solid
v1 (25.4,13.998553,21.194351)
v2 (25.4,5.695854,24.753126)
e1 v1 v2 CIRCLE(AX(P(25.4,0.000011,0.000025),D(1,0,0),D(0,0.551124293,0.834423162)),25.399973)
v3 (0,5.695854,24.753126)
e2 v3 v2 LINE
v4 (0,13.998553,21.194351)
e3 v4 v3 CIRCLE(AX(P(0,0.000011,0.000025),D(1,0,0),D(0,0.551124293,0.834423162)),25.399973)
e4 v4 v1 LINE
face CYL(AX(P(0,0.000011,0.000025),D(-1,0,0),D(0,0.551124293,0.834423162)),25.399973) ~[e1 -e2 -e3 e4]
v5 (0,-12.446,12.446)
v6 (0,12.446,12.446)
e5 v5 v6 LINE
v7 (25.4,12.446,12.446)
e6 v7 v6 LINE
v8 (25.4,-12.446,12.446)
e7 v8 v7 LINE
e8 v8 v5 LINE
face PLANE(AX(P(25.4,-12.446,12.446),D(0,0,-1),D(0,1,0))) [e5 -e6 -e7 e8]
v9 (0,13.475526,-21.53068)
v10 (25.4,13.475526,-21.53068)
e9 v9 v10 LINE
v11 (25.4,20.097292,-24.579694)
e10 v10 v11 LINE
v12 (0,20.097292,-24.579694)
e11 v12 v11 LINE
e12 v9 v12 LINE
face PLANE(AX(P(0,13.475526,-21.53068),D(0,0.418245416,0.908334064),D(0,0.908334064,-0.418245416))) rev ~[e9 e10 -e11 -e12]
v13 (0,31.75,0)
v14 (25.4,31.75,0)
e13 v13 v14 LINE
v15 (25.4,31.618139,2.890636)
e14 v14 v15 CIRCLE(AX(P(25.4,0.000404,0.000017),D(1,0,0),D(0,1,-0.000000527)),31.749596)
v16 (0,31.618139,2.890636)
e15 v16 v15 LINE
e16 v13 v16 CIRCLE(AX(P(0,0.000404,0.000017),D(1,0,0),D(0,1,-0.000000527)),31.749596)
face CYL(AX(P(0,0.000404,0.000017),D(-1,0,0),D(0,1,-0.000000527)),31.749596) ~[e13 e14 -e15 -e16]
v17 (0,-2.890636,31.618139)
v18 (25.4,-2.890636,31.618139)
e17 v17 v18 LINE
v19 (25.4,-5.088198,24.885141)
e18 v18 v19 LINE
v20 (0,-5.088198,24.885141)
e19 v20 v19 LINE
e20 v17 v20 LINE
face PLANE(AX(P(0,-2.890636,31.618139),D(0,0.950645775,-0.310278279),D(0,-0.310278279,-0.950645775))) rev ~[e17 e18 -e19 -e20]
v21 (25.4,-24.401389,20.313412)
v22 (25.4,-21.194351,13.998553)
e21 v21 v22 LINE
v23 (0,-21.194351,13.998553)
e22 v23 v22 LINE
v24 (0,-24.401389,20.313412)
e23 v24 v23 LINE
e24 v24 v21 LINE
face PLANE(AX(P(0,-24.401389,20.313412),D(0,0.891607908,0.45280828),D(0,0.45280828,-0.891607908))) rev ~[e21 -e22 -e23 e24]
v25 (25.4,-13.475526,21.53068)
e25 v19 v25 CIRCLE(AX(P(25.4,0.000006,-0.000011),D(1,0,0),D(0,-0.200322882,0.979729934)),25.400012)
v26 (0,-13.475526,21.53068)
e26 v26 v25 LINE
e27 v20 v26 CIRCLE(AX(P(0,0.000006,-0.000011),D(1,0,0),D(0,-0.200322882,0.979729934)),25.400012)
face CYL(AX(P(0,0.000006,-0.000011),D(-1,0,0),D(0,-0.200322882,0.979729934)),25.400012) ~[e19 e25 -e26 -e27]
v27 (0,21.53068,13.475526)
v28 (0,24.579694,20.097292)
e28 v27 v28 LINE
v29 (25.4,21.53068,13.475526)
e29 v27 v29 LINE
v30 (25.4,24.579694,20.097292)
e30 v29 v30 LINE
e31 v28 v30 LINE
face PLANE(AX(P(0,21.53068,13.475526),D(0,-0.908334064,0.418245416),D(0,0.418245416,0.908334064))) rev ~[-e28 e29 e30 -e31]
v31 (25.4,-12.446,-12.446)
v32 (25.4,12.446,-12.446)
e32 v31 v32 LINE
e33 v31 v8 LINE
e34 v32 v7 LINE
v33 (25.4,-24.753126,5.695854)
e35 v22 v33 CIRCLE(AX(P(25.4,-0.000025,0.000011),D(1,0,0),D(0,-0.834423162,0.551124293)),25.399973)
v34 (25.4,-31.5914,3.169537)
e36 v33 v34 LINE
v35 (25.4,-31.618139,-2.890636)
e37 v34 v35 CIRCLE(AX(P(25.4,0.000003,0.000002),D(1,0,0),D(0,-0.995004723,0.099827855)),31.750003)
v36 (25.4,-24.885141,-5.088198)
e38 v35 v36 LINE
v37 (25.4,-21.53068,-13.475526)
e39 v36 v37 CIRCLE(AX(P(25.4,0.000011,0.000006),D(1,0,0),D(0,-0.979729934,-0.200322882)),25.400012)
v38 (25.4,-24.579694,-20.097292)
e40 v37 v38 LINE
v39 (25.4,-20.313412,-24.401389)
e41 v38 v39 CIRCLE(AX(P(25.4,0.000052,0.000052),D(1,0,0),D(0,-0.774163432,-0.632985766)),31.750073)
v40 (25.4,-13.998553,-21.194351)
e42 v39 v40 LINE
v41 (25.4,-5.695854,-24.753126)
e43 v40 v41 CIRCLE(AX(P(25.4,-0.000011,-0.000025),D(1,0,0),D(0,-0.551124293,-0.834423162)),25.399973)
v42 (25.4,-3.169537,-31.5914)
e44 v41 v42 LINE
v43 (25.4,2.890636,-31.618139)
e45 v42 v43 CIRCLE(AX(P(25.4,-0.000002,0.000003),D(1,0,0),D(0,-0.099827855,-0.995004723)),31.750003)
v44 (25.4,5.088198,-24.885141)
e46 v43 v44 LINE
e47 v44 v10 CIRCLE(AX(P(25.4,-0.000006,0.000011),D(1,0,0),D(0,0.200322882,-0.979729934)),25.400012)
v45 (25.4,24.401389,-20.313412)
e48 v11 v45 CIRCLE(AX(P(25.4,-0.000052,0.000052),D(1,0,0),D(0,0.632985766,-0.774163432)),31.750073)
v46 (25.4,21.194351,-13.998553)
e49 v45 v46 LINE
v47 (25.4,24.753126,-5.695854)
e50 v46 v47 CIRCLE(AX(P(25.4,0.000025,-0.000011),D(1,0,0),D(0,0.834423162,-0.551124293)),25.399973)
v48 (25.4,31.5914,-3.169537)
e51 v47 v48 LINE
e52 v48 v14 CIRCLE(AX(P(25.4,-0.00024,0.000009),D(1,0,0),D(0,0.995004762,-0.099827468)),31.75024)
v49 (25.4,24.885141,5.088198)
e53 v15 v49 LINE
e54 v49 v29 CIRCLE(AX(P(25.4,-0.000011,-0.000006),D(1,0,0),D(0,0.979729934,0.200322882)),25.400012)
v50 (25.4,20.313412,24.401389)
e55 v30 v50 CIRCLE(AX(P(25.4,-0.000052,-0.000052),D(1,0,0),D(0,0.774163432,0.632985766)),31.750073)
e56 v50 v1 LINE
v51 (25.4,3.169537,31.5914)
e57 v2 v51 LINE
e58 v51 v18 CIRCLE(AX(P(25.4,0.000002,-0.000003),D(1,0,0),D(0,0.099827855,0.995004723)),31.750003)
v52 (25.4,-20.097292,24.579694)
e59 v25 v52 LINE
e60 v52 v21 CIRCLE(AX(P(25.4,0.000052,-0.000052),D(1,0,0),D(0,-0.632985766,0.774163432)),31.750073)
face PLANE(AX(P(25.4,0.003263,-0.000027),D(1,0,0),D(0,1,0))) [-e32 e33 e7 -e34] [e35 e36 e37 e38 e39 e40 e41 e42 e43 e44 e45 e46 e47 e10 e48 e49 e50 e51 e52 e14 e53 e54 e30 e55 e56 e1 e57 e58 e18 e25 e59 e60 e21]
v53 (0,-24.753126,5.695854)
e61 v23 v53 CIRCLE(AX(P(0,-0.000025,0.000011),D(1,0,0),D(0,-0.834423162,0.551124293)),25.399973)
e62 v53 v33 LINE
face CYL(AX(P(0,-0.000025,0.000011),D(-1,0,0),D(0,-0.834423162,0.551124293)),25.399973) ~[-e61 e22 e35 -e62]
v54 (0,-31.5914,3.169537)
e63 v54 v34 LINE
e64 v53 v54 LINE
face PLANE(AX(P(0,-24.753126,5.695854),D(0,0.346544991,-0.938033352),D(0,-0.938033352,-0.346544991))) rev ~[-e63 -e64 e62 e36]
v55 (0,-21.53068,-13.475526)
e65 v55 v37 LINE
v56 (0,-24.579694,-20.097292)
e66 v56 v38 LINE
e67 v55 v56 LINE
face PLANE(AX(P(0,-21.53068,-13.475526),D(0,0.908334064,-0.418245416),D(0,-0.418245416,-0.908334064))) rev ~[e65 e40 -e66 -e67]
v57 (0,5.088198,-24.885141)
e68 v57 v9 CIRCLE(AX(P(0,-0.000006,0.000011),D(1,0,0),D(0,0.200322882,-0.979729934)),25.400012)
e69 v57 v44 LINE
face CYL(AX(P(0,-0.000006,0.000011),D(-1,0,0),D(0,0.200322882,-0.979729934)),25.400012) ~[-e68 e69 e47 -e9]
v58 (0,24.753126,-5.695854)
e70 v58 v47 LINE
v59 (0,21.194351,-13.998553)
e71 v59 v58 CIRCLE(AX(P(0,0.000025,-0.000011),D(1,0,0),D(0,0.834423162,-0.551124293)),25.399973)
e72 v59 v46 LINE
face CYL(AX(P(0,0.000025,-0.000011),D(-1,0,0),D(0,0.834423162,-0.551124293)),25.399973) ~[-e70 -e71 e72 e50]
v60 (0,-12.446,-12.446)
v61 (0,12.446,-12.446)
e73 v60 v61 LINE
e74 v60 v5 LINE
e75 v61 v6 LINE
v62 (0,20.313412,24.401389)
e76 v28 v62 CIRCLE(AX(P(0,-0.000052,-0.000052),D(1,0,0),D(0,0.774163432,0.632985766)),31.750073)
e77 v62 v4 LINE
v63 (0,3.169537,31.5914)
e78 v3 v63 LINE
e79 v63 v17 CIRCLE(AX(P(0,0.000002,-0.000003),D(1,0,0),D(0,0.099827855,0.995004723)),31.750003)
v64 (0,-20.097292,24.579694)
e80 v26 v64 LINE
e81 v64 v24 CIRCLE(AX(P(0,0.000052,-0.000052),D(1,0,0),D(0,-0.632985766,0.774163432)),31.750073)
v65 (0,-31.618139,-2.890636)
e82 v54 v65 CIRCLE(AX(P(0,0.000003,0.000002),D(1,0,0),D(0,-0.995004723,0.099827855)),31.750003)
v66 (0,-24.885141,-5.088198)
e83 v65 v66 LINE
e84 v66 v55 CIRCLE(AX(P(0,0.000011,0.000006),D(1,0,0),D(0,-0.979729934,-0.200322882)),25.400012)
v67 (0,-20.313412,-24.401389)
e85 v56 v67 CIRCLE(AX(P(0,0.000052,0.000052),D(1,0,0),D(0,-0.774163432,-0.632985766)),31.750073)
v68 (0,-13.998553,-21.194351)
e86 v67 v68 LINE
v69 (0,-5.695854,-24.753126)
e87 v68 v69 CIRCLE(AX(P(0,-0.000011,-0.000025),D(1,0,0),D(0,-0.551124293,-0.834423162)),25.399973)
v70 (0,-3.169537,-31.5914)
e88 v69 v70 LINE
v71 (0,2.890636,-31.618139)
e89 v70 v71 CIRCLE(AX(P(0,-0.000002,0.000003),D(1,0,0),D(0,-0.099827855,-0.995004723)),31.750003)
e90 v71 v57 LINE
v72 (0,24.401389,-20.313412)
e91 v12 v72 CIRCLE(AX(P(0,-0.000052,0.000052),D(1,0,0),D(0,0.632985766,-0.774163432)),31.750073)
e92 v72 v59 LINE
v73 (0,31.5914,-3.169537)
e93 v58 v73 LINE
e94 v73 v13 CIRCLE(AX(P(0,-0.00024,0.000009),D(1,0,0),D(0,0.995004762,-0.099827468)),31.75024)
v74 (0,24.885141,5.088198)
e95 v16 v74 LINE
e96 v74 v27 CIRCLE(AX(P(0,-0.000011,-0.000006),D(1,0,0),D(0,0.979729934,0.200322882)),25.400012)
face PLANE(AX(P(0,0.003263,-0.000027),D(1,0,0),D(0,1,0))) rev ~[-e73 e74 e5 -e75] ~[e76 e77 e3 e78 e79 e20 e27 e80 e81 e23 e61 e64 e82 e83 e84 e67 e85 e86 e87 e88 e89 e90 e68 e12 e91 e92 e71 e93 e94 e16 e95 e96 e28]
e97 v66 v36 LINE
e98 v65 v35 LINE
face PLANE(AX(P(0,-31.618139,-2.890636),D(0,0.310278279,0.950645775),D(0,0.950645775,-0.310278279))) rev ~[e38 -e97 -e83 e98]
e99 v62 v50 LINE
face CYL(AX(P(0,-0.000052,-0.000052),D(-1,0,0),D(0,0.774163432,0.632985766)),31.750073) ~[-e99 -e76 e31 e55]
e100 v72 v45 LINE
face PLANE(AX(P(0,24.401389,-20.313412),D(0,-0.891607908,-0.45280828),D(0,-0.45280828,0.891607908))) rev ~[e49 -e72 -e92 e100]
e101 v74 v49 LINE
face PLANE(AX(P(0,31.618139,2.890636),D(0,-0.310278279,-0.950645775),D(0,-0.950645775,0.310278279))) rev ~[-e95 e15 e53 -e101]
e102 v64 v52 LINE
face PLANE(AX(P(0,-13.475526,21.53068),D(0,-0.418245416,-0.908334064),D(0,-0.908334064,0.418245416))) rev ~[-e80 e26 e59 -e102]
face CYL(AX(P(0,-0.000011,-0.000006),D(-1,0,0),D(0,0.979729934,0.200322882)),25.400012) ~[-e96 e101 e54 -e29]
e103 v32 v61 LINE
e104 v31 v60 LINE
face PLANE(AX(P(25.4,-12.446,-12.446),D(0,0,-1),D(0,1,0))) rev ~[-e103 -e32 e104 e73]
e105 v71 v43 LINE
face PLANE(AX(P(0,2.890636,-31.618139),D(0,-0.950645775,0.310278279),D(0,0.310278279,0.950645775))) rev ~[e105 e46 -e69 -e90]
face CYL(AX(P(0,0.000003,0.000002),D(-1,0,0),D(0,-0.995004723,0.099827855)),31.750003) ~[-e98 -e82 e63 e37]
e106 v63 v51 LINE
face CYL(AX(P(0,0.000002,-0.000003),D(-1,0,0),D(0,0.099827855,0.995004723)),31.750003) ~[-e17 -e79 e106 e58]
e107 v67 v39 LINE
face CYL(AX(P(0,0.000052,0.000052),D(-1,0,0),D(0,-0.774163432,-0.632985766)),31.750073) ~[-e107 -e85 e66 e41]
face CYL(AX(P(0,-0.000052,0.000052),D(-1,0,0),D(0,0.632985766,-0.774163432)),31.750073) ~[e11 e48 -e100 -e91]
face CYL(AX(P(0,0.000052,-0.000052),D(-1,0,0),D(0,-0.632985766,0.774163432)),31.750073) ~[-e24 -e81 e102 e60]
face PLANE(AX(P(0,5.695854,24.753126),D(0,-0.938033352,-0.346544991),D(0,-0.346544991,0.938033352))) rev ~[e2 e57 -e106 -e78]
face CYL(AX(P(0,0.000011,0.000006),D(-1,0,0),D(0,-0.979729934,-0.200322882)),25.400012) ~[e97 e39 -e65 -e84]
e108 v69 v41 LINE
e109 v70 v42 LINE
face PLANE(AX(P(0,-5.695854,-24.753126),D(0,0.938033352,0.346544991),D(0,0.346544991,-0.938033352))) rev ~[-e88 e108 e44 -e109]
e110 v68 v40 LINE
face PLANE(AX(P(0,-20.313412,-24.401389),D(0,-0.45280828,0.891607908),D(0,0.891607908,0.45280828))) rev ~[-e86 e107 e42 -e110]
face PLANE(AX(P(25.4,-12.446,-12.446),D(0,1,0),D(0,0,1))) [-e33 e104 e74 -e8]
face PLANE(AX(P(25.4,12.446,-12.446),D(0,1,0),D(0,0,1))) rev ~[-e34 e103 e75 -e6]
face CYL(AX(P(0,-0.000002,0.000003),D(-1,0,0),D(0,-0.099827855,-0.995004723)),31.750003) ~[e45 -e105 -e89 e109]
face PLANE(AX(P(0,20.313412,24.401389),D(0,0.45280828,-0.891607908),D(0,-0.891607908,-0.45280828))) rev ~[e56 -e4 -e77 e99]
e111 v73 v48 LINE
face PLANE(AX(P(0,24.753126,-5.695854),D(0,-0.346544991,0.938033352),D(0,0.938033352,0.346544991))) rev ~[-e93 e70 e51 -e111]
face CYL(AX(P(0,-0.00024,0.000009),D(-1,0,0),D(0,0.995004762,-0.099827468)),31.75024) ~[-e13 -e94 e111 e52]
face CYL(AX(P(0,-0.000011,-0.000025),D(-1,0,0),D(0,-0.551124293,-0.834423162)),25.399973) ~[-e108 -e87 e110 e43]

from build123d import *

# Parameters (mm, degrees)
F1_DEPTH = 25.4
F2_W     = 24.892
F2_H     = 24.892
F3_DEPTH = 25.4


with BuildPart() as f1:
    # F0 (on Right) → F1 (new body)
    with BuildSketch(Plane.YZ):
        with BuildLine():
            ThreePointArc((25.4, 0), (25.270957, 2.55709), (24.885141, 5.088198))
            ThreePointArc((24.885141, 5.088198), (23.583764, 9.432182), (21.53068, 13.475526))
            ThreePointArc((21.53068, 13.475526), (18.179017, 17.739316), (13.998553, 21.194351))
            ThreePointArc((13.998553, 21.194351), (10.00668, 23.3458), (5.695854, 24.753126))
            ThreePointArc((5.695854, 24.753126), (0.310916, 25.398097), (-5.088198, 24.885141))
            ThreePointArc((-5.088198, 24.885141), (-9.432182, 23.583764), (-13.475526, 21.53068))
            ThreePointArc((-13.475526, 21.53068), (-17.739316, 18.179017), (-21.194351, 13.998553))
            ThreePointArc((-21.194351, 13.998553), (-23.3458, 10.00668), (-24.753126, 5.695854))
            ThreePointArc((-24.753126, 5.695854), (-25.398097, 0.310916), (-24.885141, -5.088198))
            ThreePointArc((-24.885141, -5.088198), (-23.583764, -9.432182), (-21.53068, -13.475526))
            ThreePointArc((-21.53068, -13.475526), (-18.179017, -17.739316), (-13.998553, -21.194351))
            ThreePointArc((-13.998553, -21.194351), (-10.00668, -23.3458), (-5.695854, -24.753126))
            ThreePointArc((-5.695854, -24.753126), (-0.310916, -25.398097), (5.088198, -24.885141))
            ThreePointArc((5.088198, -24.885141), (9.432182, -23.583764), (13.475526, -21.53068))
            ThreePointArc((13.475526, -21.53068), (17.739316, -18.179017), (21.194351, -13.998553))
            ThreePointArc((21.194351, -13.998553), (23.3458, -10.00668), (24.753126, -5.695854))
            ThreePointArc((24.753126, -5.695854), (25.237763, -2.866235), (25.4, 0))
        make_face()
        with BuildLine():
            Line((-24.753126, 5.695854), (-31.5914, 3.169537))
            ThreePointArc((-31.5914, 3.169537), (-31.749691, 0.14009), (-31.618139, -2.890636))
            Line((-31.618139, -2.890636), (-24.885141, -5.088198))
            ThreePointArc((-24.885141, -5.088198), (-25.398097, 0.310916), (-24.753126, 5.695854))
        make_face()
        with BuildLine():
            Line((-13.475526, 21.53068), (-20.097292, 24.579694))
            ThreePointArc((-20.097292, 24.579694), (-22.351363, 22.54948), (-24.401389, 20.313412))
            Line((-24.401389, 20.313412), (-21.194351, 13.998553))
            ThreePointArc((-21.194351, 13.998553), (-17.739316, 18.179017), (-13.475526, 21.53068))
        make_face()
        with BuildLine():
            Line((5.695854, 24.753126), (3.169537, 31.5914))
            ThreePointArc((3.169537, 31.5914), (0.14009, 31.749691), (-2.890636, 31.618139))
            Line((-2.890636, 31.618139), (-5.088198, 24.885141))
            ThreePointArc((-5.088198, 24.885141), (0.310916, 25.398097), (5.695854, 24.753126))
        make_face()
        with BuildLine():
            Line((21.53068, 13.475526), (24.579694, 20.097292))
            ThreePointArc((24.579694, 20.097292), (22.54948, 22.351363), (20.313412, 24.401389))
            Line((20.313412, 24.401389), (13.998553, 21.194351))
            ThreePointArc((13.998553, 21.194351), (18.179017, 17.739316), (21.53068, 13.475526))
        make_face()
        with BuildLine():
            ThreePointArc((31.5914, -3.169537), (31.710325, -1.586751), (31.75, 0))
            ThreePointArc((31.75, 0), (31.717018, 1.446821), (31.618139, 2.890636))
            Line((31.618139, 2.890636), (24.885141, 5.088198))
            ThreePointArc((24.885141, 5.088198), (25.270957, 2.55709), (25.4, 0))
            ThreePointArc((25.4, 0), (25.237763, -2.866235), (24.753126, -5.695854))
            Line((24.753126, -5.695854), (31.5914, -3.169537))
        make_face()
        with BuildLine():
            ThreePointArc((20.097292, -24.579694), (22.351363, -22.54948), (24.401389, -20.313412))
            Line((24.401389, -20.313412), (21.194351, -13.998553))
            ThreePointArc((21.194351, -13.998553), (17.739316, -18.179017), (13.475526, -21.53068))
            Line((13.475526, -21.53068), (20.097292, -24.579694))
        make_face()
        with BuildLine():
            ThreePointArc((-3.169537, -31.5914), (-0.14009, -31.749691), (2.890636, -31.618139))
            Line((2.890636, -31.618139), (5.088198, -24.885141))
            ThreePointArc((5.088198, -24.885141), (-0.310916, -25.398097), (-5.695854, -24.753126))
            Line((-5.695854, -24.753126), (-3.169537, -31.5914))
        make_face()
        with BuildLine():
            ThreePointArc((-24.579694, -20.097292), (-22.54948, -22.351363), (-20.313412, -24.401389))
            Line((-20.313412, -24.401389), (-13.998553, -21.194351))
            ThreePointArc((-13.998553, -21.194351), (-18.179017, -17.739316), (-21.53068, -13.475526))
            Line((-21.53068, -13.475526), (-24.579694, -20.097292))
        make_face()
    extrude(amount=F1_DEPTH)

    # F2 (on face) → F3 (cut)
    with BuildSketch(Plane.YZ.offset(25.4)):
        Rectangle(F2_W, F2_H)
    extrude(amount=-F3_DEPTH, mode=Mode.SUBTRACT)


solid = f1.part
